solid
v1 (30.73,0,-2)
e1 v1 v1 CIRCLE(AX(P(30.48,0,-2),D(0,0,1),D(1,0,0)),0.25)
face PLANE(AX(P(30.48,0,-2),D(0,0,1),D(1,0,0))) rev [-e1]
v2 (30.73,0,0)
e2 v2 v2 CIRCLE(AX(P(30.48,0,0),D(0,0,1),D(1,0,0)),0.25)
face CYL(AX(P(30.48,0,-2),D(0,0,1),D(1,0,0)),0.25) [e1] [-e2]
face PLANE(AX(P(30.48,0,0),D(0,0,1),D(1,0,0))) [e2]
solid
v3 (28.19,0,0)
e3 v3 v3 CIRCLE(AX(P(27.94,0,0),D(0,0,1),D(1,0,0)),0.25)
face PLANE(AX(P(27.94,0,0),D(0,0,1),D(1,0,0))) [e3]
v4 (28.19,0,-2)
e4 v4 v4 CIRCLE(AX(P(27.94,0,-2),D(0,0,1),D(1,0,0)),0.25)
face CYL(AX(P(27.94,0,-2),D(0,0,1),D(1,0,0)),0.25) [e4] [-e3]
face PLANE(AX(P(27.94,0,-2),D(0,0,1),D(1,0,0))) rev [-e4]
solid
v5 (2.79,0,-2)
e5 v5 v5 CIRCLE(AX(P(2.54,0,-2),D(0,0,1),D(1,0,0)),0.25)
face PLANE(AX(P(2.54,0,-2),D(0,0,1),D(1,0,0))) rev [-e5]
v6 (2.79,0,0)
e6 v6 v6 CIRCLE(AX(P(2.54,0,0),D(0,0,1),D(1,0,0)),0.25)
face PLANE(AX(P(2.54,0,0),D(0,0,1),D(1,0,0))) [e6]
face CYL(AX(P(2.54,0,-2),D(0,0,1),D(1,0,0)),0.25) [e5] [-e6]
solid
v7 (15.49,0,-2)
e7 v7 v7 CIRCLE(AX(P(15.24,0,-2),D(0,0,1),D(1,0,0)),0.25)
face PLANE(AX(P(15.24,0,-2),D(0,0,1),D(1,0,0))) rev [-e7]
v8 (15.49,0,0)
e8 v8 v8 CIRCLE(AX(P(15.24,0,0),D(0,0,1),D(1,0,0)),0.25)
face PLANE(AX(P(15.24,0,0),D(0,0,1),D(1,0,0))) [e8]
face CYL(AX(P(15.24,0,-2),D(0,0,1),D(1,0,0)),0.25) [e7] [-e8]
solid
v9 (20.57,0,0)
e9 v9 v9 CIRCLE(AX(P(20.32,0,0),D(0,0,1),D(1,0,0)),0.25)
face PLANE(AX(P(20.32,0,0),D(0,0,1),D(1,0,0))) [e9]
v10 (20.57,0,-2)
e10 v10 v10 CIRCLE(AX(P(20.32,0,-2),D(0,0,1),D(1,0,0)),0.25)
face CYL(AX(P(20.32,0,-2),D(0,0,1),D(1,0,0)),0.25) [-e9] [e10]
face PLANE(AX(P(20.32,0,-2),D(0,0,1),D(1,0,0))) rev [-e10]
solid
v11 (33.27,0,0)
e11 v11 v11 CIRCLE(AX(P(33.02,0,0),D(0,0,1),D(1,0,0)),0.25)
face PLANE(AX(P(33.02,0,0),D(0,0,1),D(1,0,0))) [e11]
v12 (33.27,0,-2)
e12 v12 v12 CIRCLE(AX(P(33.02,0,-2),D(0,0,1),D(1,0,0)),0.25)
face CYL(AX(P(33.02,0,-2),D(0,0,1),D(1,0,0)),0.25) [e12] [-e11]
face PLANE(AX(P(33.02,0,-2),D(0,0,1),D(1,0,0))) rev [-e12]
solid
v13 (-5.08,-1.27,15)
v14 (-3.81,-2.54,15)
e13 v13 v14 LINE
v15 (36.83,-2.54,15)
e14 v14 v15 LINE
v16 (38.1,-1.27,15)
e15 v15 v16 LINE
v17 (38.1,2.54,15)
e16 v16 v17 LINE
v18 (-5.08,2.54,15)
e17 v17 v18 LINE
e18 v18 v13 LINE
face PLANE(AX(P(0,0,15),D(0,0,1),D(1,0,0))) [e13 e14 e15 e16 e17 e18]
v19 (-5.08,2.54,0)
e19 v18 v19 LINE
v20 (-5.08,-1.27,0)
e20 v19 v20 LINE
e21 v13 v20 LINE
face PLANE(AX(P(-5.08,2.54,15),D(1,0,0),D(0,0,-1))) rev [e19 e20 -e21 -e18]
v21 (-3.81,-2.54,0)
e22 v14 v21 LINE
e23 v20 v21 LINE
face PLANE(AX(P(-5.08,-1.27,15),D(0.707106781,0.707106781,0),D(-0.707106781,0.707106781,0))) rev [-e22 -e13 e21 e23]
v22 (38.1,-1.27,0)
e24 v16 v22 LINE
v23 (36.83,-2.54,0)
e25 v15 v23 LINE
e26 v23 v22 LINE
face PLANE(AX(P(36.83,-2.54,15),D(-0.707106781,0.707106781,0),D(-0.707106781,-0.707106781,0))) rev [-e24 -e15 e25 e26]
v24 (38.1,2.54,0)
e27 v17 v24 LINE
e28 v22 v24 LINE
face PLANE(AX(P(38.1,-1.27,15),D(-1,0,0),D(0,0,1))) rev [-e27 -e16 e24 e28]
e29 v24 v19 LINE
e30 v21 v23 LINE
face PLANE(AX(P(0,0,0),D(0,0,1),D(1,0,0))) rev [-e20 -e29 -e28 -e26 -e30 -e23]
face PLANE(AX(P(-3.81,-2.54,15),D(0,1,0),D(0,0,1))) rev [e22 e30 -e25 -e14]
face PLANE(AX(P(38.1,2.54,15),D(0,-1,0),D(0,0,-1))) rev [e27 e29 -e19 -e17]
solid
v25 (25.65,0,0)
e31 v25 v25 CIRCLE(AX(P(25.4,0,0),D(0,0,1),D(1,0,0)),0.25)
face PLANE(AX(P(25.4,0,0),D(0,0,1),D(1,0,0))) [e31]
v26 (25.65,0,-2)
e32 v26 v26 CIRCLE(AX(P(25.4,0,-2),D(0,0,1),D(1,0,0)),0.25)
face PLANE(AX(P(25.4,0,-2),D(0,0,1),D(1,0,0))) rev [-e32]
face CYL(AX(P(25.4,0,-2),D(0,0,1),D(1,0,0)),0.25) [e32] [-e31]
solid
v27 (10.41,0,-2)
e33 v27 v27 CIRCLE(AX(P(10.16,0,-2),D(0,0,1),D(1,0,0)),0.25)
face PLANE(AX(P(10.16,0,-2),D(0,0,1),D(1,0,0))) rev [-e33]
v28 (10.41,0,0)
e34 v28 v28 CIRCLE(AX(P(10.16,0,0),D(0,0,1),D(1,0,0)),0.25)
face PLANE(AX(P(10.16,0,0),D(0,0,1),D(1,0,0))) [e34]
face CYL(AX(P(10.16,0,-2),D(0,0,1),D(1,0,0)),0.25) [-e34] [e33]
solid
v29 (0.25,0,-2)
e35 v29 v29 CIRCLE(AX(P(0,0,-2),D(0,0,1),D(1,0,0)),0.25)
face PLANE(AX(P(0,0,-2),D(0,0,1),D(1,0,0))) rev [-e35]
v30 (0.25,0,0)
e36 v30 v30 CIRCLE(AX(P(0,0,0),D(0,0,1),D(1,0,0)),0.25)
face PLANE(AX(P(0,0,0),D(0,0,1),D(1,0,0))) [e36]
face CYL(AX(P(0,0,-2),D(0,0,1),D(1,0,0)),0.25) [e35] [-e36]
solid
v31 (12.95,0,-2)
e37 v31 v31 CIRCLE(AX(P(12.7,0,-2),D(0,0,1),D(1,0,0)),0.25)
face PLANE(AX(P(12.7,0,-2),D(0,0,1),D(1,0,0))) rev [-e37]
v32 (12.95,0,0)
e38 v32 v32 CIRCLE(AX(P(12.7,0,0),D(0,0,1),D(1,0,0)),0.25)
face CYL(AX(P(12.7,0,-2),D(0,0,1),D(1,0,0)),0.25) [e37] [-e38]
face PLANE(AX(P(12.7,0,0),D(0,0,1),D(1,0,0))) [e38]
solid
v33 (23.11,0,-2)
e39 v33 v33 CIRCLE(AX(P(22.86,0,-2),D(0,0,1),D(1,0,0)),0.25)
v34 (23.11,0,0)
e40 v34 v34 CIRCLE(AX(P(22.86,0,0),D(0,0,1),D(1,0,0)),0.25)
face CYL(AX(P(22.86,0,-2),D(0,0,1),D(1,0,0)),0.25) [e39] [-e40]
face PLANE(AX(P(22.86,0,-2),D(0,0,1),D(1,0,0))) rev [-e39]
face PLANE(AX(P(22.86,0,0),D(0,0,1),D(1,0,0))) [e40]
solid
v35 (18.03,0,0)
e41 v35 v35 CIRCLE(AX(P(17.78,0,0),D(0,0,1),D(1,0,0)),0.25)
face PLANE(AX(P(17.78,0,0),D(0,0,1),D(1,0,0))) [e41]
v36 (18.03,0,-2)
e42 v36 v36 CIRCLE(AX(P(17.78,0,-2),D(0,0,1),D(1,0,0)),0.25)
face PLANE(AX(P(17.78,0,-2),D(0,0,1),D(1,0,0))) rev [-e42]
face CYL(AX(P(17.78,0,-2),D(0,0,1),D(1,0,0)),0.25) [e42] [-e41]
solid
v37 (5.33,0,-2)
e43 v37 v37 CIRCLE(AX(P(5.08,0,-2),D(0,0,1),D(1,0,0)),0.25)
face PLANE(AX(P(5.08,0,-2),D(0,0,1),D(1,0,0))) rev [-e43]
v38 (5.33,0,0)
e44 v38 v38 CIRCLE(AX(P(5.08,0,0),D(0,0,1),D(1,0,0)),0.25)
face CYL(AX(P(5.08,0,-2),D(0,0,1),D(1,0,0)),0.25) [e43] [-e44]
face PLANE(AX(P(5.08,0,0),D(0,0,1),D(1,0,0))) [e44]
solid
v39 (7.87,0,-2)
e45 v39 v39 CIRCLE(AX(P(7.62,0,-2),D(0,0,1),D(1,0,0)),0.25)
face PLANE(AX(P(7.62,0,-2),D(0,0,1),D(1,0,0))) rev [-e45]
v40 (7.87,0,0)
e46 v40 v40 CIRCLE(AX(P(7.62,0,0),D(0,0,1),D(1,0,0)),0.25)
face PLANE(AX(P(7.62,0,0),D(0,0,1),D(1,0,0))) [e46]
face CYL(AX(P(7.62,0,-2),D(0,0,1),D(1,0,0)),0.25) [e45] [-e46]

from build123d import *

# Parameters (mm, degrees)
COMPONENT_OUTLINE_DEPTH = 15
SKETCH2_R               = 0.25
EXTRUDE_1_DEPTH         = 2
SKETCH3_R               = 0.25
EXTRUDE_2_DEPTH         = 2
SKETCH4_R               = 0.25
EXTRUDE_3_DEPTH         = 2
SKETCH5_R               = 0.25
EXTRUDE_4_DEPTH         = 2
SKETCH6_R               = 0.25
EXTRUDE_5_DEPTH         = 2
SKETCH7_R               = 0.25
EXTRUDE_6_DEPTH         = 2
SKETCH8_R               = 0.25
EXTRUDE_7_DEPTH         = 2
SKETCH9_R               = 0.25
EXTRUDE_8_DEPTH         = 2
SKETCH10_R              = 0.25
EXTRUDE_9_DEPTH         = 2
SKETCH11_R              = 0.25
EXTRUDE_10_DEPTH        = 2
SKETCH12_R              = 0.25
EXTRUDE_11_DEPTH        = 2
SKETCH13_R              = 0.25
EXTRUDE_12_DEPTH        = 2
SKETCH14_R              = 0.25
EXTRUDE_13_DEPTH        = 2
SKETCH15_R              = 0.25
EXTRUDE_14_DEPTH        = 2


with BuildPart() as part:
    # Sketch1 → Component_Outline (new body)
    with BuildSketch(Plane.XY):
        Polygon((-5.08, 2.54), (-5.08, -1.27), (-3.81, -2.54), (36.83, -2.54), (38.1, -1.27), (38.1, 2.54), align=None)
    extrude(amount=COMPONENT_OUTLINE_DEPTH)


with BuildPart() as body_2:
    # Sketch2 → Extrude 1 (new body)
    with BuildSketch(Plane.XY):
        Circle(SKETCH2_R)
    extrude(amount=-EXTRUDE_1_DEPTH)


with BuildPart() as body_3:
    # Sketch3 → Extrude 2 (new body)
    with BuildSketch(Plane.XY):
        with Locations((2.54, 0)):
            Circle(SKETCH3_R)
    extrude(amount=-EXTRUDE_2_DEPTH)


with BuildPart() as body_4:
    # Sketch4 → Extrude 3 (new body)
    with BuildSketch(Plane.XY):
        with Locations((5.08, 0)):
            Circle(SKETCH4_R)
    extrude(amount=-EXTRUDE_3_DEPTH)


with BuildPart() as body_5:
    # Sketch5 → Extrude 4 (new body)
    with BuildSketch(Plane.XY):
        with Locations((7.62, 0)):
            Circle(SKETCH5_R)
    extrude(amount=-EXTRUDE_4_DEPTH)


with BuildPart() as body_6:
    # Sketch6 → Extrude 5 (new body)
    with BuildSketch(Plane.XY):
        with Locations((10.16, 0)):
            Circle(SKETCH6_R)
    extrude(amount=-EXTRUDE_5_DEPTH)


with BuildPart() as body_7:
    # Sketch7 → Extrude 6 (new body)
    with BuildSketch(Plane.XY):
        with Locations((12.7, 0)):
            Circle(SKETCH7_R)
    extrude(amount=-EXTRUDE_6_DEPTH)


with BuildPart() as body_8:
    # Sketch8 → Extrude 7 (new body)
    with BuildSketch(Plane.XY):
        with Locations((15.24, 0)):
            Circle(SKETCH8_R)
    extrude(amount=-EXTRUDE_7_DEPTH)


with BuildPart() as body_9:
    # Sketch9 → Extrude 8 (new body)
    with BuildSketch(Plane.XY):
        with Locations((17.78, 0)):
            Circle(SKETCH9_R)
    extrude(amount=-EXTRUDE_8_DEPTH)


with BuildPart() as body_10:
    # Sketch10 → Extrude 9 (new body)
    with BuildSketch(Plane.XY):
        with Locations((20.32, 0)):
            Circle(SKETCH10_R)
    extrude(amount=-EXTRUDE_9_DEPTH)


with BuildPart() as body_11:
    # Sketch11 → Extrude 10 (new body)
    with BuildSketch(Plane.XY):
        with Locations((22.86, 0)):
            Circle(SKETCH11_R)
    extrude(amount=-EXTRUDE_10_DEPTH)


with BuildPart() as body_12:
    # Sketch12 → Extrude 11 (new body)
    with BuildSketch(Plane.XY):
        with Locations((25.4, 0)):
            Circle(SKETCH12_R)
    extrude(amount=-EXTRUDE_11_DEPTH)


with BuildPart() as body_13:
    # Sketch13 → Extrude 12 (new body)
    with BuildSketch(Plane.XY):
        with Locations((27.94, 0)):
            Circle(SKETCH13_R)
    extrude(amount=-EXTRUDE_12_DEPTH)


with BuildPart() as body_14:
    # Sketch14 → Extrude 13 (new body)
    with BuildSketch(Plane.XY):
        with Locations((30.48, 0)):
            Circle(SKETCH14_R)
    extrude(amount=-EXTRUDE_13_DEPTH)


with BuildPart() as body_15:
    # Sketch15 → Extrude 14 (new body)
    with BuildSketch(Plane.XY):
        with Locations((33.02, 0)):
            Circle(SKETCH15_R)
    extrude(amount=-EXTRUDE_14_DEPTH)


solid = Compound([part.part, body_2.part, body_3.part, body_4.part, body_5.part, body_6.part, body_7.part, body_8.part, body_9.part, body_10.part, body_11.part, body_12.part, body_13.part, body_14.part, body_15.part])
